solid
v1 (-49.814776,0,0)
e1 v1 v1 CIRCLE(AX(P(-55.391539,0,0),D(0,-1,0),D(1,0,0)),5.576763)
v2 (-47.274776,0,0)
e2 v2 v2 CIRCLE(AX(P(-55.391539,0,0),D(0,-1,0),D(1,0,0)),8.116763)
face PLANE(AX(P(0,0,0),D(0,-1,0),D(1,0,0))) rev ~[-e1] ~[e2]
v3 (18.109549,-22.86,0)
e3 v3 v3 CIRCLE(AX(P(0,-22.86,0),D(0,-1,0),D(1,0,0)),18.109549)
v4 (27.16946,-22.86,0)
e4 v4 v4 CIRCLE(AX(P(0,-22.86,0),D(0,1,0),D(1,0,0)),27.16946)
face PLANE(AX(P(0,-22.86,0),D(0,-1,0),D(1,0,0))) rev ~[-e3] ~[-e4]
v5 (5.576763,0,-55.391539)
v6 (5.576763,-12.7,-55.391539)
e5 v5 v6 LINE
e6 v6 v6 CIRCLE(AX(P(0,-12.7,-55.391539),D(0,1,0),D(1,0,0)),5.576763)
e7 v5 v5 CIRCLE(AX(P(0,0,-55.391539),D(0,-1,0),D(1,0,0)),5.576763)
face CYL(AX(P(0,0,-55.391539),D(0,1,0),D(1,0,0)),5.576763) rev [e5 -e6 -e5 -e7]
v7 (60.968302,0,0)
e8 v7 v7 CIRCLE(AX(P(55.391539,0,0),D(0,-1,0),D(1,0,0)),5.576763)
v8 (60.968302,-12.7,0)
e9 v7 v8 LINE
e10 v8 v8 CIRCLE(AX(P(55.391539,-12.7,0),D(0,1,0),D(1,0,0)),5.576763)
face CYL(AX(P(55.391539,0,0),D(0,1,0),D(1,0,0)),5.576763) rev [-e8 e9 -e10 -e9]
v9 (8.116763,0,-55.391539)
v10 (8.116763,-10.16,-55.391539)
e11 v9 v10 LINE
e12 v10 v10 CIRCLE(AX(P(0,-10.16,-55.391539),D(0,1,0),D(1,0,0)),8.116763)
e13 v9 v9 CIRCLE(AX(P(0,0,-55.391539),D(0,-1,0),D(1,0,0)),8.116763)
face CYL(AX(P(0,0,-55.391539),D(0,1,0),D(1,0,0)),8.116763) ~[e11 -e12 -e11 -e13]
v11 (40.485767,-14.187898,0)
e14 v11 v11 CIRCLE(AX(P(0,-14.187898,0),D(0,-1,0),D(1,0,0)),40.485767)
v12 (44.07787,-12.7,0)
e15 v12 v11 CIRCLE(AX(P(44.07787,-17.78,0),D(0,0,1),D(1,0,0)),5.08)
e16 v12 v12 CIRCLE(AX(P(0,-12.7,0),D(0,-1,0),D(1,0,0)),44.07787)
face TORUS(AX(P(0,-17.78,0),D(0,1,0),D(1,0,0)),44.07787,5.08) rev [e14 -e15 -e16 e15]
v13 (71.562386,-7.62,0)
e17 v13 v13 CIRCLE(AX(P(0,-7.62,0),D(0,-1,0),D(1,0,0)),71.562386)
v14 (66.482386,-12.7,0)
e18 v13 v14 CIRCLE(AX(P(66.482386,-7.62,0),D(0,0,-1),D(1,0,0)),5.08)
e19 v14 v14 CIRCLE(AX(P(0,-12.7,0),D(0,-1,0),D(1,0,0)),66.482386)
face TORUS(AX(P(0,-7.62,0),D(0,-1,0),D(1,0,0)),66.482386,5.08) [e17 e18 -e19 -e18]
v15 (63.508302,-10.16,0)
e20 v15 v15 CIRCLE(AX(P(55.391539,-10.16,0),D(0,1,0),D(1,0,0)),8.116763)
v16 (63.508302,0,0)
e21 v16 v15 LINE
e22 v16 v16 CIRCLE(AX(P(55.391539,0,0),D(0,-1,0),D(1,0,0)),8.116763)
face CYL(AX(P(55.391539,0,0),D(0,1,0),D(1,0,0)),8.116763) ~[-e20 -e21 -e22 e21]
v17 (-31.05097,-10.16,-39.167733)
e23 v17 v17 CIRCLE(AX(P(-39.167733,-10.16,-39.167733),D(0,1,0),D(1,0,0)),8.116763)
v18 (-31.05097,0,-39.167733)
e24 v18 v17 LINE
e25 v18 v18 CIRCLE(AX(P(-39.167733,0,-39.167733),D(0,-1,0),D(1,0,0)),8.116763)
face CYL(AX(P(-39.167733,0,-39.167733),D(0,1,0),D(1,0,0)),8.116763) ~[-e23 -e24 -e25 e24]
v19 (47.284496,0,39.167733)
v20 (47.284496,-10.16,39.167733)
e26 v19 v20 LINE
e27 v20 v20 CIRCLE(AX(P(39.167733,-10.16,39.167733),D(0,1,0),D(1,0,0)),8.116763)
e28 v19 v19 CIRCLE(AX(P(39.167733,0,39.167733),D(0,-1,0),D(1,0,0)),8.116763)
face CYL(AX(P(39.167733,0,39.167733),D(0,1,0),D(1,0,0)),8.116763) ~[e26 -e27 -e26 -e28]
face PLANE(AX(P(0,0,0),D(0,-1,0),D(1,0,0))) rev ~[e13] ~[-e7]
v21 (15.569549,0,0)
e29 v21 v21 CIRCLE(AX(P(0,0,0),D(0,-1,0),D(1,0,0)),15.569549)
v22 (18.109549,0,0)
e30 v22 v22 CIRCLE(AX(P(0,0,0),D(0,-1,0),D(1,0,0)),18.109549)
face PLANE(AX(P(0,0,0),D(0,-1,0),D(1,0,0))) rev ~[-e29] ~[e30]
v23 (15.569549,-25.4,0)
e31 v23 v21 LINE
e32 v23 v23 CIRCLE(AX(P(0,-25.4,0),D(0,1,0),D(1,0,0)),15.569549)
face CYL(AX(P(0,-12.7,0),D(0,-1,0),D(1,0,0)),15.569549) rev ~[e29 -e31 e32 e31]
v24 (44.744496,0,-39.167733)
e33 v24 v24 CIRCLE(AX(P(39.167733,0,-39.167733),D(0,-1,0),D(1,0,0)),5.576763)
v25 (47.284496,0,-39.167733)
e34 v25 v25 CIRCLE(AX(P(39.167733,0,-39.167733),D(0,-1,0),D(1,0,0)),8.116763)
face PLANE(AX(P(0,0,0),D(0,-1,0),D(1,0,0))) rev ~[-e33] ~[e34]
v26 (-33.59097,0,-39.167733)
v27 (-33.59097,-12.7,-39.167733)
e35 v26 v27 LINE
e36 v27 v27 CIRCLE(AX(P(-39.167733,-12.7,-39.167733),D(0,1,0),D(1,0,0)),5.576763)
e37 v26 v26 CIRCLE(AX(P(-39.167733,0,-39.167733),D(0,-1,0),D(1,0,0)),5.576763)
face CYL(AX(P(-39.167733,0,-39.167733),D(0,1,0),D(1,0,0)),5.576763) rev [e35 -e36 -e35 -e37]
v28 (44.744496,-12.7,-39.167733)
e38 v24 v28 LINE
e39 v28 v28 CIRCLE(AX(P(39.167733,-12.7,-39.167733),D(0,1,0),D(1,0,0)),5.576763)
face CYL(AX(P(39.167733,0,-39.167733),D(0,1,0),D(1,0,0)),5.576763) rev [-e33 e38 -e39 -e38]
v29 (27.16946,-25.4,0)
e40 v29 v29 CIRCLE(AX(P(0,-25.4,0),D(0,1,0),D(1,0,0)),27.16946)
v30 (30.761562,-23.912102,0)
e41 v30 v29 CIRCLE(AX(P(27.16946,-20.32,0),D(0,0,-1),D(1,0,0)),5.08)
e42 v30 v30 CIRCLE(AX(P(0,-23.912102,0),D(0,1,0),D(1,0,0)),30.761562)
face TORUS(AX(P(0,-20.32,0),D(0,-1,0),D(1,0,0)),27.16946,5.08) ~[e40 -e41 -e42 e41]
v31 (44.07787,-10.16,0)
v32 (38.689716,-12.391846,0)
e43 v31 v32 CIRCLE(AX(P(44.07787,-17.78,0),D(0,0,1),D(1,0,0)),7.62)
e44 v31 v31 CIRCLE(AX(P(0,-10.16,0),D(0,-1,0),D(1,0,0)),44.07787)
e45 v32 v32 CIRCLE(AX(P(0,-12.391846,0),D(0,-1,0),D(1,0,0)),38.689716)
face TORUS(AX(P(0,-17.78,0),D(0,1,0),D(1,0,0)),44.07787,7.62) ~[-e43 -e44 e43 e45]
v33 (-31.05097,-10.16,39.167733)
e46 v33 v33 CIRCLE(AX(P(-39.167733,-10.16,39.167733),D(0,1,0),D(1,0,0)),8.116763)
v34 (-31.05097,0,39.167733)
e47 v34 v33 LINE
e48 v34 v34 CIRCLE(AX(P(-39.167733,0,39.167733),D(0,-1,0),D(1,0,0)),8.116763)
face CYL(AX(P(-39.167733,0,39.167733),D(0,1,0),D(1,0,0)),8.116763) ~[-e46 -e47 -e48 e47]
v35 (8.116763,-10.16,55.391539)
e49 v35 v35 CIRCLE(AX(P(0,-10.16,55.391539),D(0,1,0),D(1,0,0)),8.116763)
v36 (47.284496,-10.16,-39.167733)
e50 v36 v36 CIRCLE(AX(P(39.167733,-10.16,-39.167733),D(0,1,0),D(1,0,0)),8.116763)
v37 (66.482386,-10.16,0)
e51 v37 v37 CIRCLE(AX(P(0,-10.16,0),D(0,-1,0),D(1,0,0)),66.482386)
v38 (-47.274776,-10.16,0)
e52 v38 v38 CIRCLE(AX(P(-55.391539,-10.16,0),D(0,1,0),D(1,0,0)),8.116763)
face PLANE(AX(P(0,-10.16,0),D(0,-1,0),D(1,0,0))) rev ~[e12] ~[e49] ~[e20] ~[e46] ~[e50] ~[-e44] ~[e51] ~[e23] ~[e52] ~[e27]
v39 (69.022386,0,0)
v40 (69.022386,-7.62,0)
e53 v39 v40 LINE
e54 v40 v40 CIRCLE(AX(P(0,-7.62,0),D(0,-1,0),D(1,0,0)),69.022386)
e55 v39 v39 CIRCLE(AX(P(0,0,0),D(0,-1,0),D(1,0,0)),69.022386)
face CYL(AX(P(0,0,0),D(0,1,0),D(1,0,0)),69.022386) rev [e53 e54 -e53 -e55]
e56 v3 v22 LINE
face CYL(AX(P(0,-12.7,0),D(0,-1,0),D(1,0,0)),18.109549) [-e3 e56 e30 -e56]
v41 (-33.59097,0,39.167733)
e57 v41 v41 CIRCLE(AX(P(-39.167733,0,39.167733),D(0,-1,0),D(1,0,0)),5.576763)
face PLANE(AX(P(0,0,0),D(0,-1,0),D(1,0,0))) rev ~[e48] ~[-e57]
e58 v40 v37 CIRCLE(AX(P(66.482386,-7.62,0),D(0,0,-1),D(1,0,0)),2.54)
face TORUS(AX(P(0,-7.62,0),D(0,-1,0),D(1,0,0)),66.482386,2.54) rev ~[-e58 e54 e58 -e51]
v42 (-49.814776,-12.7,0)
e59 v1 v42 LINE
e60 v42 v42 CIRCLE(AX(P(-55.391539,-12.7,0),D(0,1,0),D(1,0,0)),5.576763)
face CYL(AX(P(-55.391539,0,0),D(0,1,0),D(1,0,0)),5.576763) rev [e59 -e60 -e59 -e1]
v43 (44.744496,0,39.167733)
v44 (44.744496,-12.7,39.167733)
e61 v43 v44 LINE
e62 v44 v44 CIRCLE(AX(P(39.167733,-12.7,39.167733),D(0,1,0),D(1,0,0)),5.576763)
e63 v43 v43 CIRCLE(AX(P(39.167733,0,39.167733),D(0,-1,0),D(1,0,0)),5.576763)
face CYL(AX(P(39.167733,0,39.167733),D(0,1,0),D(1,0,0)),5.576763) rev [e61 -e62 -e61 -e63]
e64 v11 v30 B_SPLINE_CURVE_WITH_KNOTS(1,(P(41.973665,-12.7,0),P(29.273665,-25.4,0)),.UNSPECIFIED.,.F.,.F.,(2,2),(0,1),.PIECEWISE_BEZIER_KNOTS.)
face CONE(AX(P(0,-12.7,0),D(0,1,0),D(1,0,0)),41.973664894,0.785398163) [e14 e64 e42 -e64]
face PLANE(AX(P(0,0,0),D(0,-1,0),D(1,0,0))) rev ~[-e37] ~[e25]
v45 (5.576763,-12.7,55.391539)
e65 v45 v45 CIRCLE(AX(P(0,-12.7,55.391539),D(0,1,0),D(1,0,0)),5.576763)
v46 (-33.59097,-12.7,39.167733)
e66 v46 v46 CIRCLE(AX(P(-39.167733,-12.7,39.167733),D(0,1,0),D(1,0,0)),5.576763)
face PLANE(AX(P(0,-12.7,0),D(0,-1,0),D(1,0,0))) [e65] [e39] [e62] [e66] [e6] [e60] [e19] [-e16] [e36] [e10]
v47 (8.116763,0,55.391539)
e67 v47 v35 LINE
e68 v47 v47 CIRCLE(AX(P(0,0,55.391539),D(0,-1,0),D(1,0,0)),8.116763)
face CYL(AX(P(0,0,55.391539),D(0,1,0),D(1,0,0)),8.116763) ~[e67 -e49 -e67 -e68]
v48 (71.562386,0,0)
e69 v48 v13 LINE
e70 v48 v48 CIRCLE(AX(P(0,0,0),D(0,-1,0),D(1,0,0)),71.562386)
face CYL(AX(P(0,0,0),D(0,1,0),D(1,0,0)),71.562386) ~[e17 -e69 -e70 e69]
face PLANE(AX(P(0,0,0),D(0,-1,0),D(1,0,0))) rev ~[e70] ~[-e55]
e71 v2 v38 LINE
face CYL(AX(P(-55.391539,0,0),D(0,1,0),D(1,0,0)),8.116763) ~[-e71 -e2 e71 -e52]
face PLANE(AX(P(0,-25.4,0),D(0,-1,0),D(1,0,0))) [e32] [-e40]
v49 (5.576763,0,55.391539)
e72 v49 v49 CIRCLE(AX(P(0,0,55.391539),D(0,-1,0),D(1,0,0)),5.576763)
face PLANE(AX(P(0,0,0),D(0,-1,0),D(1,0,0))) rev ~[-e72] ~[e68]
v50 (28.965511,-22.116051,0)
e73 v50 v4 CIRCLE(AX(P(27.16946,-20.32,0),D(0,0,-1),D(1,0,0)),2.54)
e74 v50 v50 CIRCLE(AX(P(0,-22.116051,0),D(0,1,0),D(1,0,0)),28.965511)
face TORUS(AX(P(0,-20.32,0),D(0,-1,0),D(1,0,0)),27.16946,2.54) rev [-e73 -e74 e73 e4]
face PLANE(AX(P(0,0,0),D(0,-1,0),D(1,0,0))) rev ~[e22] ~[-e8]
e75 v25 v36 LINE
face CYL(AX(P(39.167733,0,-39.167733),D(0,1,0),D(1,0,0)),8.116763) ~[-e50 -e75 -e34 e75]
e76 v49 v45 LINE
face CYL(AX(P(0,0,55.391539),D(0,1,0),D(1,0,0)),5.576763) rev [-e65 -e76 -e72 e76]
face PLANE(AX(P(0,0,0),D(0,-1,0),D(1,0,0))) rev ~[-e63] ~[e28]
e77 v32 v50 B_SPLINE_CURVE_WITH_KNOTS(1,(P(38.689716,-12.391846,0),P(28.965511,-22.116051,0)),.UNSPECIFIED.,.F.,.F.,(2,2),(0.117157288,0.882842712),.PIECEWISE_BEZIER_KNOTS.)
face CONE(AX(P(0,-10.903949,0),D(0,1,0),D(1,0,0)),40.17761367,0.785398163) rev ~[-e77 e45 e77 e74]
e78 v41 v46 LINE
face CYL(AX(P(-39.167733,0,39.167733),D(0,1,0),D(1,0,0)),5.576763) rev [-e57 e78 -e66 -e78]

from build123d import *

# Parameters (mm, degrees)
F0_R          = 71.5623861555
F1_DEPTH      = 12.7
F3_R          = 41.9736648942
F4_DEPTH      = 12.7
F4_TAPER      = 45
F5_R          = 15.5695486485
F6_DEPTH      = 25.4
F6_DEPTH_BACK = 25.4
F7_R          = 5.5767629642
F8_DEPTH      = 25.4
F9_R          = 5.08
F10_T         = -2.54


with BuildPart() as f1:
    # F0 (on Front) → F1 (new body)
    with BuildSketch(Plane.XZ):
        Circle(F0_R)
    extrude(amount=F1_DEPTH)

    # F3 (on offset) → F4 (join)
    with BuildSketch(Plane.XZ.offset(12.7)):
        Circle(F3_R)
    extrude(amount=F4_DEPTH, taper=F4_TAPER)

    # F5 (on offset) → F6 (cut, two sides)
    with BuildSketch(Plane.XZ.offset(12.7)) as f6_sk:
        Circle(F5_R)
    extrude(amount=-F6_DEPTH, mode=Mode.SUBTRACT)
    extrude(f6_sk.sketch, amount=F6_DEPTH_BACK, mode=Mode.SUBTRACT)

    # F7 (on Front) → F8 (cut)
    with BuildSketch(Plane.XZ):
        with Locations((0, 55.3915388882)):
            Circle(F7_R)
        with Locations((-39.1677327682, 39.1677327682)):
            Circle(F7_R)
        with Locations((-55.3915388882, 0)):
            Circle(F7_R)
        with Locations((-39.1677327682, -39.1677327682)):
            Circle(F7_R)
        with Locations((0, -55.3915388882)):
            Circle(F7_R)
        with Locations((39.1677327682, -39.1677327682)):
            Circle(F7_R)
        with Locations((55.3915388882, 0)):
            Circle(F7_R)
        with Locations((39.1677327682, 39.1677327682)):
            Circle(F7_R)
    extrude(amount=F8_DEPTH, mode=Mode.SUBTRACT)

    # F9
    f9_edges = [f1.edges().sort_by_distance(p)[0] for p in [
        (-71.562386, -12.7, 0),
        (-41.973665, -12.7, 0),
        (-29.273665, -25.4, 0),
    ]]
    fillet(f9_edges, radius=F9_R)

    # F10
    f10_openings = [f1.faces().sort_by_distance(p)[0] for p in [
        (-69.538296, 0, 0),
    ]]
    offset(amount=F10_T, openings=f10_openings)


solid = f1.part
